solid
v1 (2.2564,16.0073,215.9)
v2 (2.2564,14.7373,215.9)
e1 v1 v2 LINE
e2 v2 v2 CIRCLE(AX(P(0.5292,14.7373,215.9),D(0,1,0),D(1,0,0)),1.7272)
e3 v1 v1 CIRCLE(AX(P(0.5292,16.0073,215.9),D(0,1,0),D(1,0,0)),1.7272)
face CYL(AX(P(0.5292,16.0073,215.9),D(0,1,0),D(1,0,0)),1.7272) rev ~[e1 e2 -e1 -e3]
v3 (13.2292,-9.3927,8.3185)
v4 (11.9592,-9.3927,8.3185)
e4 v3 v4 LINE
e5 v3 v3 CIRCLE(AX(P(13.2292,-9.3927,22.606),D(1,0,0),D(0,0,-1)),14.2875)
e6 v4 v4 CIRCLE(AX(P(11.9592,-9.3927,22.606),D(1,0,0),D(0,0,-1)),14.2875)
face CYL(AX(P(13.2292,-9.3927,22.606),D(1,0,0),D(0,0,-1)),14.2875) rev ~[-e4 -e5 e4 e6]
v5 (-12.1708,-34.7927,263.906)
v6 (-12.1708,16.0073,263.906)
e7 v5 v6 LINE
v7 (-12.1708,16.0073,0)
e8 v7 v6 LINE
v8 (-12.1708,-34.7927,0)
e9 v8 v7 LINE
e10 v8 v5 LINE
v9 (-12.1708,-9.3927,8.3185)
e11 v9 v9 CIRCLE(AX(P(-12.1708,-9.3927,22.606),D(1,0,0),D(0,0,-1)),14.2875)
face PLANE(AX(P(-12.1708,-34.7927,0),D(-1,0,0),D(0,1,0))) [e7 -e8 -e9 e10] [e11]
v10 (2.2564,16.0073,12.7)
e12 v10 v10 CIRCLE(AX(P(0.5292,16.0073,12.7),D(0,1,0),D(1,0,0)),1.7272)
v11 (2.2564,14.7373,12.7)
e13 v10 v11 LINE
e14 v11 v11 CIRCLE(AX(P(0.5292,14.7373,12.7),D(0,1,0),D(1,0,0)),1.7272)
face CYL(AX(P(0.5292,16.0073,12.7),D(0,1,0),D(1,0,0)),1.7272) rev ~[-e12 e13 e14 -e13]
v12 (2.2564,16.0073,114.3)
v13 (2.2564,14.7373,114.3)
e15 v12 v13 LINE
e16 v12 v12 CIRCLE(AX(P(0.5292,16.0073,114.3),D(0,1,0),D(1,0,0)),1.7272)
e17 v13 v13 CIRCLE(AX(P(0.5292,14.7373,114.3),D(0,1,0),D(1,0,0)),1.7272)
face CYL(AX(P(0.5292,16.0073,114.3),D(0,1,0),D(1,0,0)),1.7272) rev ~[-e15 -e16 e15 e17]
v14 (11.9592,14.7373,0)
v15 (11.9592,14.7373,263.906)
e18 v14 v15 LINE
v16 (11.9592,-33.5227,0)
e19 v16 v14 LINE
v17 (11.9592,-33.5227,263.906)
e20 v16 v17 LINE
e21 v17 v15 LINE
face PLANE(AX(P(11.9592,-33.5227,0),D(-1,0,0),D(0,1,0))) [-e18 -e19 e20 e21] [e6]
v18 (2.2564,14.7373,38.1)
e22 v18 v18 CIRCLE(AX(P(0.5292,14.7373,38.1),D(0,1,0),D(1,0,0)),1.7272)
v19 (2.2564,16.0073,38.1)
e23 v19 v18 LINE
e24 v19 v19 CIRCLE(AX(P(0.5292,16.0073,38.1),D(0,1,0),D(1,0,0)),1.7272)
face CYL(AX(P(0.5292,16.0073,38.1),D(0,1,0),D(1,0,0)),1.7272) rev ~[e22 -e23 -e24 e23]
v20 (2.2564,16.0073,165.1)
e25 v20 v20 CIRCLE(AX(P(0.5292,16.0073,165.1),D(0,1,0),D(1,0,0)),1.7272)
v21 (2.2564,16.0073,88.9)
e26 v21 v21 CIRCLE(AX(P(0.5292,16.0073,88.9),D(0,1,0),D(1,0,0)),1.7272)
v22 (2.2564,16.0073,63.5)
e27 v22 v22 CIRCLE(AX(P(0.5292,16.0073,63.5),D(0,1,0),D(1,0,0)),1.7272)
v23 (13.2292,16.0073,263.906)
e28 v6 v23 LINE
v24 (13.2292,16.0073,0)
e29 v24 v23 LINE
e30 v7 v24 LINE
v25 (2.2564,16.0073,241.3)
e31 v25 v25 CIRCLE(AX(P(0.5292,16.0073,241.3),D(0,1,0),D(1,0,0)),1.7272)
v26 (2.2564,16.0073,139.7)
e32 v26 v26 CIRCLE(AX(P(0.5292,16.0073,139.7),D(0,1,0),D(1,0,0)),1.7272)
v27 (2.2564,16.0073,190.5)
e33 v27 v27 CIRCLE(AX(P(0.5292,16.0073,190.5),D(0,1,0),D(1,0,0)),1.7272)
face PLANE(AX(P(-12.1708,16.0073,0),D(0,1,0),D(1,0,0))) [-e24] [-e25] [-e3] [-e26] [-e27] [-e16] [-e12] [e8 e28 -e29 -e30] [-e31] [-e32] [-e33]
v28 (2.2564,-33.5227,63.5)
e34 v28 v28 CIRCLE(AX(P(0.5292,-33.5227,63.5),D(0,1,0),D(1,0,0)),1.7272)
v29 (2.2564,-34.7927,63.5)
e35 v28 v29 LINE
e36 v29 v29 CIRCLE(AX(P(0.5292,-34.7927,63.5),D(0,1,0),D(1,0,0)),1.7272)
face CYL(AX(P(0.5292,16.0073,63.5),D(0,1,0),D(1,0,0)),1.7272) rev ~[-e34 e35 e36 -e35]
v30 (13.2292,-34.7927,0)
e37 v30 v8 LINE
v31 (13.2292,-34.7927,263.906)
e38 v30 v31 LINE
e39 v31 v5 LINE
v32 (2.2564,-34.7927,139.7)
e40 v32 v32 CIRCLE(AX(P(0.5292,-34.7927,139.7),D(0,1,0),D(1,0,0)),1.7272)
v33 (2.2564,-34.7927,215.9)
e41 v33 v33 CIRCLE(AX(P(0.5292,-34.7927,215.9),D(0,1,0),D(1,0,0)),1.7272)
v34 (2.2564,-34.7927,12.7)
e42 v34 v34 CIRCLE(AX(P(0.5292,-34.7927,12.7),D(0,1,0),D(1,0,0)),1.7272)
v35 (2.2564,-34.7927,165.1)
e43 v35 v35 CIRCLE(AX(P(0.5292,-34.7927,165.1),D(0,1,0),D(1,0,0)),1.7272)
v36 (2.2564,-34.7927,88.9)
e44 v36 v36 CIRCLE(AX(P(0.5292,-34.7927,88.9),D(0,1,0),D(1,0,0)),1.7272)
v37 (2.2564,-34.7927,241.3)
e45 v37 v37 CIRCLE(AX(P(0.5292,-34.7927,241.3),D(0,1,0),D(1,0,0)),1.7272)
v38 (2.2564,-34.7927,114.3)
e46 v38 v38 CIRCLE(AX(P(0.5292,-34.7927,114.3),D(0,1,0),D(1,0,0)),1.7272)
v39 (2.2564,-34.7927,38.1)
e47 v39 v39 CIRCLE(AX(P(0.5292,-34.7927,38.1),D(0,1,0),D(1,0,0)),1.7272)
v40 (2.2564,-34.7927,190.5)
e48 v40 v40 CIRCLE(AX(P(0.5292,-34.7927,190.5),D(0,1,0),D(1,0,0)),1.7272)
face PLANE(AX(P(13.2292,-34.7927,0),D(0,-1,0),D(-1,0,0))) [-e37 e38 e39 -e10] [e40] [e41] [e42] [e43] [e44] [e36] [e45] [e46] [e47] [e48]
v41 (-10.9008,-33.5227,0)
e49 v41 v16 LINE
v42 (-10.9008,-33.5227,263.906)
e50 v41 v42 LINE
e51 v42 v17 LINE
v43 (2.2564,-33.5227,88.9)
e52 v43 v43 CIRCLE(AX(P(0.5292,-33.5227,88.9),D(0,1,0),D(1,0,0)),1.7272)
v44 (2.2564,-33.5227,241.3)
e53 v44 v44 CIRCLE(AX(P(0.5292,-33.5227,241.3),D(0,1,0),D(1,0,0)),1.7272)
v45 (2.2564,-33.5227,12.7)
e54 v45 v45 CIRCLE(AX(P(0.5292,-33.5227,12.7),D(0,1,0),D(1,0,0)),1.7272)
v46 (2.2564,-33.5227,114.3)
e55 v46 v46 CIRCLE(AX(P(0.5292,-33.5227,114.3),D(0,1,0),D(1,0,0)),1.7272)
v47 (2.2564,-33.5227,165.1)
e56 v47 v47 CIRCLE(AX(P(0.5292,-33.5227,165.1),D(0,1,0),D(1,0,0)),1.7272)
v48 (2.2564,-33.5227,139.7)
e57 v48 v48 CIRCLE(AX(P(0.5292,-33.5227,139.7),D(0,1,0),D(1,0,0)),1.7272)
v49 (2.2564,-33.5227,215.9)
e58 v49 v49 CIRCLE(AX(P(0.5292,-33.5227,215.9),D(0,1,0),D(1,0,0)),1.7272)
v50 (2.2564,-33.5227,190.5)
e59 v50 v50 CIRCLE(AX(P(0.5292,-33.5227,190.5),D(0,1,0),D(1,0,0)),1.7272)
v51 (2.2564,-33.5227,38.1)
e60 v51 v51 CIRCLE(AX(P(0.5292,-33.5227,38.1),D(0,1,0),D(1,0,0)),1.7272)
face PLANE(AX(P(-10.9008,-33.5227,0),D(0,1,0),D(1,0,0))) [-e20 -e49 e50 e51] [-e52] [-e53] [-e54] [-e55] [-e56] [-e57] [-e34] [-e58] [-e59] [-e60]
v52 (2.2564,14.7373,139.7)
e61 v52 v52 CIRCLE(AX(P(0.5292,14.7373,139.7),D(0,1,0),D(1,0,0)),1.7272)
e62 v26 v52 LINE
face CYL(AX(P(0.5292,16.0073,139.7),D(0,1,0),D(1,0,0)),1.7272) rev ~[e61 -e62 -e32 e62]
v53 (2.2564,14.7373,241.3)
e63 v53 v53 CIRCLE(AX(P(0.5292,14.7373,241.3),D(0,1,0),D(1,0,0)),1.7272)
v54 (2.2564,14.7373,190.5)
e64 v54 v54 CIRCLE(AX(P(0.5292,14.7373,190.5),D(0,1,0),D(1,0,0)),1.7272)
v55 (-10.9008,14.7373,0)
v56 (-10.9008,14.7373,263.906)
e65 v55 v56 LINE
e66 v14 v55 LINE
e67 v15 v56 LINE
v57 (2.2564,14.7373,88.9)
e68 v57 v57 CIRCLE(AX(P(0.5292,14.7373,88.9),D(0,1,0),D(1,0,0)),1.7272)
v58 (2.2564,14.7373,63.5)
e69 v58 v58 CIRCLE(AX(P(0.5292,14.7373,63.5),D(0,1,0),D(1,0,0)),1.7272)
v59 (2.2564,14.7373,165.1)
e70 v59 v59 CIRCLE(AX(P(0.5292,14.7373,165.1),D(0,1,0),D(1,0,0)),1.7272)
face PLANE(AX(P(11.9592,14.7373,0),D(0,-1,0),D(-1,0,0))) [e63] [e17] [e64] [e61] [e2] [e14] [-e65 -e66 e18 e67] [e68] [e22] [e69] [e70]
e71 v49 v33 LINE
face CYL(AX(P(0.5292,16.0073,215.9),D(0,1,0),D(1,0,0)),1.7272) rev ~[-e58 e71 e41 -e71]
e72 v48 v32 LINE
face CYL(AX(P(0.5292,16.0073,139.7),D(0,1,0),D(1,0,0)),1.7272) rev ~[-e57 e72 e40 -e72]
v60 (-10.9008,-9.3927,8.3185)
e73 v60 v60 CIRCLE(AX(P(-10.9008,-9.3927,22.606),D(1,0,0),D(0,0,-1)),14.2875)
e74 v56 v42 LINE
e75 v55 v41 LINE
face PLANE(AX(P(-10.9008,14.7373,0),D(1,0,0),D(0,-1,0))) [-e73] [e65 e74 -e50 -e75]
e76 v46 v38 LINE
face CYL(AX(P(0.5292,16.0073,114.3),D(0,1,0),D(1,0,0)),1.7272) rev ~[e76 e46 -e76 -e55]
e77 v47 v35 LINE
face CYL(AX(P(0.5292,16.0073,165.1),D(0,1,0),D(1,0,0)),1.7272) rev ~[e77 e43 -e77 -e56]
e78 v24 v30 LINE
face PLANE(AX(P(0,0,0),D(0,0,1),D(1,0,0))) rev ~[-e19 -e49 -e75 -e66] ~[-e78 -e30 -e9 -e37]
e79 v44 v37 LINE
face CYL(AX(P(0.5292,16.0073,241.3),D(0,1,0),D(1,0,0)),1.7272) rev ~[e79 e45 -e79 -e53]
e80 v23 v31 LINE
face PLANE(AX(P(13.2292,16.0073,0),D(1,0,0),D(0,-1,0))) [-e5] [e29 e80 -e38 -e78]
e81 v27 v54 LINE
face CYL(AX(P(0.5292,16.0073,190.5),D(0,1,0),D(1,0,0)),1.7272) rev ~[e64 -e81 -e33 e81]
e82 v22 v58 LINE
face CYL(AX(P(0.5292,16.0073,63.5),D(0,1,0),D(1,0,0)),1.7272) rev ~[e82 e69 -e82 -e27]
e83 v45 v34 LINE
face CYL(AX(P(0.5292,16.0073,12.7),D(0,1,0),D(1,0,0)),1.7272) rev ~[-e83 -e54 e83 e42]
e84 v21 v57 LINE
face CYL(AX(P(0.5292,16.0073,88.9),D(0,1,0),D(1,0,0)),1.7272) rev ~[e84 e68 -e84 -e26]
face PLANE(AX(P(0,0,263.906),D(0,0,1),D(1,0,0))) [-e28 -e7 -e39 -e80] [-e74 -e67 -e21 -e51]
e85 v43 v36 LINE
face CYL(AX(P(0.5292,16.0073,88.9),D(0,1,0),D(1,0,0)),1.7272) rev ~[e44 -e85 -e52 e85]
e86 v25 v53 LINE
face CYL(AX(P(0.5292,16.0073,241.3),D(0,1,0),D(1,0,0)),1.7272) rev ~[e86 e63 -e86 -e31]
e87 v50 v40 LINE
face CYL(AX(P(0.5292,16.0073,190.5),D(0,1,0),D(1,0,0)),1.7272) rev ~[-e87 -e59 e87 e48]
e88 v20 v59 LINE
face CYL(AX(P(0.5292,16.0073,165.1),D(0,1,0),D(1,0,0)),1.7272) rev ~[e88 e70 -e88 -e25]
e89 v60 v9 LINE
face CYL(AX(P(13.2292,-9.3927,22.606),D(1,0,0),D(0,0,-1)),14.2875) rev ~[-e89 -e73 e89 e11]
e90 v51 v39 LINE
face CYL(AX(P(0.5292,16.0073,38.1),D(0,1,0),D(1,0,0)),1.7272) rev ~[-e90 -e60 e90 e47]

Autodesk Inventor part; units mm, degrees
ref_plane "YZ Plane" through (0, 0, 0) normal (1, 0, 0) x (0, 1, 0)
ref_plane "XZ Plane" through (0, 0, 0) normal (0, 1, 0) x (-1, 0, 0)
ref_plane "XY Plane" through (0, 0, 0) normal (0, 0, 1) x (1, 0, 0)
sketch "Sketch1" plane through (0, 0, 0) normal (0, 0, 1) x (1, 0, 0)
  line L0 (-12.1708, 16.0073) -> (13.2292, 16.0073)
  line L1 (13.2292, 16.0073) -> (13.2292, -34.7927)
  line L2 (13.2292, -34.7927) -> (-12.1708, -34.7927)
  line L3 (-12.1708, -34.7927) -> (-12.1708, 16.0073)
  line L4 (11.9592, 14.7373) -> (-10.9008, 14.7373)
  line L5 (-10.9008, 14.7373) -> (-10.9008, -33.5227)
  line L6 (-10.9008, -33.5227) -> (11.9592, -33.5227)
  line L7 (11.9592, -33.5227) -> (11.9592, 14.7373)
  point P0 (0, 0)
  dimension "d0" = 25.4
  dimension "d1" = 50.8
  dimension "d2" = 1.27
extrude "Extrusion1" add sketch "Sketch1" along normal blind 263.906
sketch "Sketch2" plane through (-12.1708, 16.0073, 0) normal (0, 1, 0) x (1, 0, 0)
  circle A0 centre (12.7, -12.7) radius 1.7272
  line L0 (25.4, 0) -> (0, 0) projected
  line L1 (0, 0) -> (0, -263.906) projected
  point P0 (12.1708, 0)
  dimension "d5" = 3.4544
  dimension "d6" = 12.7
  dimension "d7" = 12.7
extrude "Extrusion2" cut sketch "Sketch2" against normal through all
pattern_linear "Rectangular Pattern1" count 26 spacing 25.4 along (0, 0, 1) of "Extrusion2"
sketch "Sketch3" plane through (13.2292, -34.7927, 0) normal (1, 0, 0) x (0, 0, -1)
  circle A0 centre (-22.606, 25.4) radius 14.2875
  line L0 (0, 0) -> (0, 50.8) projected
  line L1 (-263.906, 0) -> (-263.906, 50.8) projected
  point P0 (0, 34.7927)
  dimension "d15" = 28.575
  dimension "d16" = 22.606
extrude "Extrusion3" cut sketch "Sketch3" against normal through all
equation "\"d3\" = d13"
equation "\"d10\" = d14"
equation "\"d13\" = 263.906"
equation "\"d14\" = d13"
properties part number "VersaFrame 30in"
